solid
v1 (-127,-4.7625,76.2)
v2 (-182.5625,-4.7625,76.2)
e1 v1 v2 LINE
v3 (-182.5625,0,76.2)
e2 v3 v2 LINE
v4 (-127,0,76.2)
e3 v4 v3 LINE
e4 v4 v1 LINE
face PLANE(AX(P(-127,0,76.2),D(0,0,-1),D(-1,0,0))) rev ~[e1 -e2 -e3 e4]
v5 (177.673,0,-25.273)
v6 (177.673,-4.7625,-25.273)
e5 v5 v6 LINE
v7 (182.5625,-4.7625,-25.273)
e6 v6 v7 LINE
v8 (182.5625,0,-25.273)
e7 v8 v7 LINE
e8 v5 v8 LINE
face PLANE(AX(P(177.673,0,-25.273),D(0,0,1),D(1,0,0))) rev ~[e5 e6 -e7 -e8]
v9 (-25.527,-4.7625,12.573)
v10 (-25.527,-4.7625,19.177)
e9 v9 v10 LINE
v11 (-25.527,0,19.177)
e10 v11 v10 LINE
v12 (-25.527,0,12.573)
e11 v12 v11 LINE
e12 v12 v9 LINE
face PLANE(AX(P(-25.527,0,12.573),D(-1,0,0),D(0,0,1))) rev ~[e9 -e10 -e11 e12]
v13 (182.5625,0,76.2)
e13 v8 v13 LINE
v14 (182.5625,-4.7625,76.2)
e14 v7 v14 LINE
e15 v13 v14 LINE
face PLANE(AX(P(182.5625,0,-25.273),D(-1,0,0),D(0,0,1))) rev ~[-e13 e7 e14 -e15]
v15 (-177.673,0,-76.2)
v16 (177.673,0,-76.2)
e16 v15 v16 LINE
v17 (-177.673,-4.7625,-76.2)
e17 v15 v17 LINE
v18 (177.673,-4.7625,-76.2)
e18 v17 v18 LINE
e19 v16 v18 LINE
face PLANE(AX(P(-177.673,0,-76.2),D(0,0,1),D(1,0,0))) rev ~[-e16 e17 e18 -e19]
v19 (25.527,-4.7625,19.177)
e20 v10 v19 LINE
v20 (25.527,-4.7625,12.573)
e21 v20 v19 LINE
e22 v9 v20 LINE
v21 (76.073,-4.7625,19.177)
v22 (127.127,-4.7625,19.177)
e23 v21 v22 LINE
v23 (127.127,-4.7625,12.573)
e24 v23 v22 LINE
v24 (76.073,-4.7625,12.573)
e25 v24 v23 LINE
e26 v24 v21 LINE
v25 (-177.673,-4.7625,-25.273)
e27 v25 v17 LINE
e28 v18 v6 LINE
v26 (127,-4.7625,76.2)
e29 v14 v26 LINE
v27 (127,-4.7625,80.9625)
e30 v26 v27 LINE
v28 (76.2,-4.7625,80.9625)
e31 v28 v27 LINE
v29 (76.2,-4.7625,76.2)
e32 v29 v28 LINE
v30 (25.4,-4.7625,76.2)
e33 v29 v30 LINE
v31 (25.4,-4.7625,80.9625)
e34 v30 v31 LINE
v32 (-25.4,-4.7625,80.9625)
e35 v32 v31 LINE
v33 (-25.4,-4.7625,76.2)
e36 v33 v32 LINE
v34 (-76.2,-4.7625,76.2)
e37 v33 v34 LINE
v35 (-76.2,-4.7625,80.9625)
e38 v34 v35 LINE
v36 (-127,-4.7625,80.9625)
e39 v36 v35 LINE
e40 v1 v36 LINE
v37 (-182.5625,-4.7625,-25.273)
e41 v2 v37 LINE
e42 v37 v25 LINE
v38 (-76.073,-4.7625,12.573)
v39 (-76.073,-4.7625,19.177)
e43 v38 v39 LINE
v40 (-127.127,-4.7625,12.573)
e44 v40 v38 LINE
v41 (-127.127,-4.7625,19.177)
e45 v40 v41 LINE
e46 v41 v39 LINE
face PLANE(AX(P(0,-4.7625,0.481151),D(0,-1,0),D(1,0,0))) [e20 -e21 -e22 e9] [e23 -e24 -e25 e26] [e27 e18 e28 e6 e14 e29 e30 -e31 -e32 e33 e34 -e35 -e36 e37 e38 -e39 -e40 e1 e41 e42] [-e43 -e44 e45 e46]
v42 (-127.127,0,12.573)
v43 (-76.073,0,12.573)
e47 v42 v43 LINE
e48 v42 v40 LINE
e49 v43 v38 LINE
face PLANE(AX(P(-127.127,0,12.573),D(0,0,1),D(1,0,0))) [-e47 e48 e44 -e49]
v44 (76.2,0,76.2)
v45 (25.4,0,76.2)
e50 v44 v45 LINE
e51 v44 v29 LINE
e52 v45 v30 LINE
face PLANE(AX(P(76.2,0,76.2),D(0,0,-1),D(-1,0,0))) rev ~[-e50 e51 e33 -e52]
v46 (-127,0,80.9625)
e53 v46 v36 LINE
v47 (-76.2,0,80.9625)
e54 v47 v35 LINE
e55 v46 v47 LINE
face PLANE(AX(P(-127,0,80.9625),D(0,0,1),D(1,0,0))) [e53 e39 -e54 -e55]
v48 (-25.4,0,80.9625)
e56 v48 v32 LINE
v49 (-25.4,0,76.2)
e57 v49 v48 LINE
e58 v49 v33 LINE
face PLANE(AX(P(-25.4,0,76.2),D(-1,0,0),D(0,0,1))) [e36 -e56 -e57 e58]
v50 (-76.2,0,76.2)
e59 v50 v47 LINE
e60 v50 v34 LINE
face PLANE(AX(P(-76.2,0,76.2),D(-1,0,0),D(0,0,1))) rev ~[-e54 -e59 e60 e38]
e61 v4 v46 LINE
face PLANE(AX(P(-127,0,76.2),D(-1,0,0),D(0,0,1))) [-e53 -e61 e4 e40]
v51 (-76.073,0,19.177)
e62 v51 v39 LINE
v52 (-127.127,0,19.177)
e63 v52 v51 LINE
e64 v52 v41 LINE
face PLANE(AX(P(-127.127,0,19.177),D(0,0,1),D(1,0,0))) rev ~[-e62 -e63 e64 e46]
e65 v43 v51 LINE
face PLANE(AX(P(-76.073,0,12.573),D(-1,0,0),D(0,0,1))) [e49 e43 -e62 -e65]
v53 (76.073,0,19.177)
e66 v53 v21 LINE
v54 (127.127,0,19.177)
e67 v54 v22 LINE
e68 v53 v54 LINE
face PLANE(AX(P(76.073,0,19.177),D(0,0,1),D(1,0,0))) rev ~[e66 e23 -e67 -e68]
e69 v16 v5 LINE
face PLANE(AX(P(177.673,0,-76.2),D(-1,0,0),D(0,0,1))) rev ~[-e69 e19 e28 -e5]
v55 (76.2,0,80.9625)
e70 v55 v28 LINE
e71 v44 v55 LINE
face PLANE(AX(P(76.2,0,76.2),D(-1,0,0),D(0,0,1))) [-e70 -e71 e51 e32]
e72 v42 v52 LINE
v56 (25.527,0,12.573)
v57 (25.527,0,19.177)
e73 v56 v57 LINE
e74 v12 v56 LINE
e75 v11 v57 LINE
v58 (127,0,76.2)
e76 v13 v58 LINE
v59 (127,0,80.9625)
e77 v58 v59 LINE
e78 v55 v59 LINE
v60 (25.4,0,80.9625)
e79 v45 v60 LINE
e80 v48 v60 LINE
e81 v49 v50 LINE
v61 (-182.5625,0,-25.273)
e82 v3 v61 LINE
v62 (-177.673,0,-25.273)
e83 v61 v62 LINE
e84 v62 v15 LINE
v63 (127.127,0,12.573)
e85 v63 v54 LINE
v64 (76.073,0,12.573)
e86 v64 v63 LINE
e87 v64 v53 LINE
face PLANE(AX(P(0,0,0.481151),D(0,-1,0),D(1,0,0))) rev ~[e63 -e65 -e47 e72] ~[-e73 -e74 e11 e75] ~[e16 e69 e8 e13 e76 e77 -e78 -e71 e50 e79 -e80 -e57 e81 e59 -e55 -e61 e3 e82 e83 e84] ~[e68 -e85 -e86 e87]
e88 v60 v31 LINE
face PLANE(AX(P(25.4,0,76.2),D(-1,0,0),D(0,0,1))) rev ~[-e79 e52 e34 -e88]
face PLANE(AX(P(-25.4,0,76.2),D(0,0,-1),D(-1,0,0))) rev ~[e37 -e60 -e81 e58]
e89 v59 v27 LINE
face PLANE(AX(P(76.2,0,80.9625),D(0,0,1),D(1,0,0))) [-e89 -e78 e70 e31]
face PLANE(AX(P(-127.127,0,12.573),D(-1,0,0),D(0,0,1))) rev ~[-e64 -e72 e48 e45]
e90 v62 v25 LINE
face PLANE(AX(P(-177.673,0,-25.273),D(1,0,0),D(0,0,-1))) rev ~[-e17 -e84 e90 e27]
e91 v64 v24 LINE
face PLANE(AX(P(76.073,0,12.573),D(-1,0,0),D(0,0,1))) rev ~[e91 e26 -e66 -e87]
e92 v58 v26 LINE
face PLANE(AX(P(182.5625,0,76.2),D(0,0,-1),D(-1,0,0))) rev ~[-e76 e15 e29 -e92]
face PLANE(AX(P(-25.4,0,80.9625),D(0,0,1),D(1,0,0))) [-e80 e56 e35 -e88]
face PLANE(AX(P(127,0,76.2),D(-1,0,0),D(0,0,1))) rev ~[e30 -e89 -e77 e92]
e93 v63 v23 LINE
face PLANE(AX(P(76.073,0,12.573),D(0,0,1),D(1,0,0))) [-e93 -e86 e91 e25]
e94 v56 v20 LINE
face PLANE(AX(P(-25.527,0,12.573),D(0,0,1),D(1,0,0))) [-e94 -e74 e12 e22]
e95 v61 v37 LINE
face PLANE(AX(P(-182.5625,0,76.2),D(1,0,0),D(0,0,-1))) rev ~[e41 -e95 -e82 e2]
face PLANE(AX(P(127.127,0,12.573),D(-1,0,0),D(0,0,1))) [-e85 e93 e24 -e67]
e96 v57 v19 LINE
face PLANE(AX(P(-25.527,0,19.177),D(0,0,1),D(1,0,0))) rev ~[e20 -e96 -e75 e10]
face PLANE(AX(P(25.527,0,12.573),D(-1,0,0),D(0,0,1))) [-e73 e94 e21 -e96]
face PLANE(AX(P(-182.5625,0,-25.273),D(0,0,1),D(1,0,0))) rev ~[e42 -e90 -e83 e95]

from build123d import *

# Parameters (mm, degrees)
F0_W     = 51.054
F0_H     = 6.604
F0_W_2   = 50.8
F0_H_2   = 4.7625
F1_DEPTH = 4.7625


with BuildPart() as f1:
    # F0 (on Front) → F1 (new body)
    with BuildSketch(Plane.XZ):
        Polygon((-127, 76.2), (-182.5625, 76.2), (-182.5625, -25.273), (-177.673, -25.273), (-177.673, -76.2), (177.673, -76.2), (177.673, -25.273), (182.5625, -25.273), (182.5625, 76.2), (127, 76.2), (76.2, 76.2), (25.4, 76.2), (-25.4, 76.2), (-76.2, 76.2), align=None)
        with Locations((-101.6, 15.875)):
            Rectangle(F0_W, F0_H, mode=Mode.SUBTRACT)
        with Locations((0, 15.875)):
            Rectangle(F0_W, F0_H, mode=Mode.SUBTRACT)
        with Locations((101.6, 15.875)):
            Rectangle(F0_W, F0_H, mode=Mode.SUBTRACT)
        with Locations((-101.6, 78.58125)):
            Rectangle(F0_W_2, F0_H_2)
        with Locations((0, 78.58125)):
            Rectangle(F0_W_2, F0_H_2)
        with Locations((101.6, 78.58125)):
            Rectangle(F0_W_2, F0_H_2)
    extrude(amount=F1_DEPTH)


solid = f1.part
